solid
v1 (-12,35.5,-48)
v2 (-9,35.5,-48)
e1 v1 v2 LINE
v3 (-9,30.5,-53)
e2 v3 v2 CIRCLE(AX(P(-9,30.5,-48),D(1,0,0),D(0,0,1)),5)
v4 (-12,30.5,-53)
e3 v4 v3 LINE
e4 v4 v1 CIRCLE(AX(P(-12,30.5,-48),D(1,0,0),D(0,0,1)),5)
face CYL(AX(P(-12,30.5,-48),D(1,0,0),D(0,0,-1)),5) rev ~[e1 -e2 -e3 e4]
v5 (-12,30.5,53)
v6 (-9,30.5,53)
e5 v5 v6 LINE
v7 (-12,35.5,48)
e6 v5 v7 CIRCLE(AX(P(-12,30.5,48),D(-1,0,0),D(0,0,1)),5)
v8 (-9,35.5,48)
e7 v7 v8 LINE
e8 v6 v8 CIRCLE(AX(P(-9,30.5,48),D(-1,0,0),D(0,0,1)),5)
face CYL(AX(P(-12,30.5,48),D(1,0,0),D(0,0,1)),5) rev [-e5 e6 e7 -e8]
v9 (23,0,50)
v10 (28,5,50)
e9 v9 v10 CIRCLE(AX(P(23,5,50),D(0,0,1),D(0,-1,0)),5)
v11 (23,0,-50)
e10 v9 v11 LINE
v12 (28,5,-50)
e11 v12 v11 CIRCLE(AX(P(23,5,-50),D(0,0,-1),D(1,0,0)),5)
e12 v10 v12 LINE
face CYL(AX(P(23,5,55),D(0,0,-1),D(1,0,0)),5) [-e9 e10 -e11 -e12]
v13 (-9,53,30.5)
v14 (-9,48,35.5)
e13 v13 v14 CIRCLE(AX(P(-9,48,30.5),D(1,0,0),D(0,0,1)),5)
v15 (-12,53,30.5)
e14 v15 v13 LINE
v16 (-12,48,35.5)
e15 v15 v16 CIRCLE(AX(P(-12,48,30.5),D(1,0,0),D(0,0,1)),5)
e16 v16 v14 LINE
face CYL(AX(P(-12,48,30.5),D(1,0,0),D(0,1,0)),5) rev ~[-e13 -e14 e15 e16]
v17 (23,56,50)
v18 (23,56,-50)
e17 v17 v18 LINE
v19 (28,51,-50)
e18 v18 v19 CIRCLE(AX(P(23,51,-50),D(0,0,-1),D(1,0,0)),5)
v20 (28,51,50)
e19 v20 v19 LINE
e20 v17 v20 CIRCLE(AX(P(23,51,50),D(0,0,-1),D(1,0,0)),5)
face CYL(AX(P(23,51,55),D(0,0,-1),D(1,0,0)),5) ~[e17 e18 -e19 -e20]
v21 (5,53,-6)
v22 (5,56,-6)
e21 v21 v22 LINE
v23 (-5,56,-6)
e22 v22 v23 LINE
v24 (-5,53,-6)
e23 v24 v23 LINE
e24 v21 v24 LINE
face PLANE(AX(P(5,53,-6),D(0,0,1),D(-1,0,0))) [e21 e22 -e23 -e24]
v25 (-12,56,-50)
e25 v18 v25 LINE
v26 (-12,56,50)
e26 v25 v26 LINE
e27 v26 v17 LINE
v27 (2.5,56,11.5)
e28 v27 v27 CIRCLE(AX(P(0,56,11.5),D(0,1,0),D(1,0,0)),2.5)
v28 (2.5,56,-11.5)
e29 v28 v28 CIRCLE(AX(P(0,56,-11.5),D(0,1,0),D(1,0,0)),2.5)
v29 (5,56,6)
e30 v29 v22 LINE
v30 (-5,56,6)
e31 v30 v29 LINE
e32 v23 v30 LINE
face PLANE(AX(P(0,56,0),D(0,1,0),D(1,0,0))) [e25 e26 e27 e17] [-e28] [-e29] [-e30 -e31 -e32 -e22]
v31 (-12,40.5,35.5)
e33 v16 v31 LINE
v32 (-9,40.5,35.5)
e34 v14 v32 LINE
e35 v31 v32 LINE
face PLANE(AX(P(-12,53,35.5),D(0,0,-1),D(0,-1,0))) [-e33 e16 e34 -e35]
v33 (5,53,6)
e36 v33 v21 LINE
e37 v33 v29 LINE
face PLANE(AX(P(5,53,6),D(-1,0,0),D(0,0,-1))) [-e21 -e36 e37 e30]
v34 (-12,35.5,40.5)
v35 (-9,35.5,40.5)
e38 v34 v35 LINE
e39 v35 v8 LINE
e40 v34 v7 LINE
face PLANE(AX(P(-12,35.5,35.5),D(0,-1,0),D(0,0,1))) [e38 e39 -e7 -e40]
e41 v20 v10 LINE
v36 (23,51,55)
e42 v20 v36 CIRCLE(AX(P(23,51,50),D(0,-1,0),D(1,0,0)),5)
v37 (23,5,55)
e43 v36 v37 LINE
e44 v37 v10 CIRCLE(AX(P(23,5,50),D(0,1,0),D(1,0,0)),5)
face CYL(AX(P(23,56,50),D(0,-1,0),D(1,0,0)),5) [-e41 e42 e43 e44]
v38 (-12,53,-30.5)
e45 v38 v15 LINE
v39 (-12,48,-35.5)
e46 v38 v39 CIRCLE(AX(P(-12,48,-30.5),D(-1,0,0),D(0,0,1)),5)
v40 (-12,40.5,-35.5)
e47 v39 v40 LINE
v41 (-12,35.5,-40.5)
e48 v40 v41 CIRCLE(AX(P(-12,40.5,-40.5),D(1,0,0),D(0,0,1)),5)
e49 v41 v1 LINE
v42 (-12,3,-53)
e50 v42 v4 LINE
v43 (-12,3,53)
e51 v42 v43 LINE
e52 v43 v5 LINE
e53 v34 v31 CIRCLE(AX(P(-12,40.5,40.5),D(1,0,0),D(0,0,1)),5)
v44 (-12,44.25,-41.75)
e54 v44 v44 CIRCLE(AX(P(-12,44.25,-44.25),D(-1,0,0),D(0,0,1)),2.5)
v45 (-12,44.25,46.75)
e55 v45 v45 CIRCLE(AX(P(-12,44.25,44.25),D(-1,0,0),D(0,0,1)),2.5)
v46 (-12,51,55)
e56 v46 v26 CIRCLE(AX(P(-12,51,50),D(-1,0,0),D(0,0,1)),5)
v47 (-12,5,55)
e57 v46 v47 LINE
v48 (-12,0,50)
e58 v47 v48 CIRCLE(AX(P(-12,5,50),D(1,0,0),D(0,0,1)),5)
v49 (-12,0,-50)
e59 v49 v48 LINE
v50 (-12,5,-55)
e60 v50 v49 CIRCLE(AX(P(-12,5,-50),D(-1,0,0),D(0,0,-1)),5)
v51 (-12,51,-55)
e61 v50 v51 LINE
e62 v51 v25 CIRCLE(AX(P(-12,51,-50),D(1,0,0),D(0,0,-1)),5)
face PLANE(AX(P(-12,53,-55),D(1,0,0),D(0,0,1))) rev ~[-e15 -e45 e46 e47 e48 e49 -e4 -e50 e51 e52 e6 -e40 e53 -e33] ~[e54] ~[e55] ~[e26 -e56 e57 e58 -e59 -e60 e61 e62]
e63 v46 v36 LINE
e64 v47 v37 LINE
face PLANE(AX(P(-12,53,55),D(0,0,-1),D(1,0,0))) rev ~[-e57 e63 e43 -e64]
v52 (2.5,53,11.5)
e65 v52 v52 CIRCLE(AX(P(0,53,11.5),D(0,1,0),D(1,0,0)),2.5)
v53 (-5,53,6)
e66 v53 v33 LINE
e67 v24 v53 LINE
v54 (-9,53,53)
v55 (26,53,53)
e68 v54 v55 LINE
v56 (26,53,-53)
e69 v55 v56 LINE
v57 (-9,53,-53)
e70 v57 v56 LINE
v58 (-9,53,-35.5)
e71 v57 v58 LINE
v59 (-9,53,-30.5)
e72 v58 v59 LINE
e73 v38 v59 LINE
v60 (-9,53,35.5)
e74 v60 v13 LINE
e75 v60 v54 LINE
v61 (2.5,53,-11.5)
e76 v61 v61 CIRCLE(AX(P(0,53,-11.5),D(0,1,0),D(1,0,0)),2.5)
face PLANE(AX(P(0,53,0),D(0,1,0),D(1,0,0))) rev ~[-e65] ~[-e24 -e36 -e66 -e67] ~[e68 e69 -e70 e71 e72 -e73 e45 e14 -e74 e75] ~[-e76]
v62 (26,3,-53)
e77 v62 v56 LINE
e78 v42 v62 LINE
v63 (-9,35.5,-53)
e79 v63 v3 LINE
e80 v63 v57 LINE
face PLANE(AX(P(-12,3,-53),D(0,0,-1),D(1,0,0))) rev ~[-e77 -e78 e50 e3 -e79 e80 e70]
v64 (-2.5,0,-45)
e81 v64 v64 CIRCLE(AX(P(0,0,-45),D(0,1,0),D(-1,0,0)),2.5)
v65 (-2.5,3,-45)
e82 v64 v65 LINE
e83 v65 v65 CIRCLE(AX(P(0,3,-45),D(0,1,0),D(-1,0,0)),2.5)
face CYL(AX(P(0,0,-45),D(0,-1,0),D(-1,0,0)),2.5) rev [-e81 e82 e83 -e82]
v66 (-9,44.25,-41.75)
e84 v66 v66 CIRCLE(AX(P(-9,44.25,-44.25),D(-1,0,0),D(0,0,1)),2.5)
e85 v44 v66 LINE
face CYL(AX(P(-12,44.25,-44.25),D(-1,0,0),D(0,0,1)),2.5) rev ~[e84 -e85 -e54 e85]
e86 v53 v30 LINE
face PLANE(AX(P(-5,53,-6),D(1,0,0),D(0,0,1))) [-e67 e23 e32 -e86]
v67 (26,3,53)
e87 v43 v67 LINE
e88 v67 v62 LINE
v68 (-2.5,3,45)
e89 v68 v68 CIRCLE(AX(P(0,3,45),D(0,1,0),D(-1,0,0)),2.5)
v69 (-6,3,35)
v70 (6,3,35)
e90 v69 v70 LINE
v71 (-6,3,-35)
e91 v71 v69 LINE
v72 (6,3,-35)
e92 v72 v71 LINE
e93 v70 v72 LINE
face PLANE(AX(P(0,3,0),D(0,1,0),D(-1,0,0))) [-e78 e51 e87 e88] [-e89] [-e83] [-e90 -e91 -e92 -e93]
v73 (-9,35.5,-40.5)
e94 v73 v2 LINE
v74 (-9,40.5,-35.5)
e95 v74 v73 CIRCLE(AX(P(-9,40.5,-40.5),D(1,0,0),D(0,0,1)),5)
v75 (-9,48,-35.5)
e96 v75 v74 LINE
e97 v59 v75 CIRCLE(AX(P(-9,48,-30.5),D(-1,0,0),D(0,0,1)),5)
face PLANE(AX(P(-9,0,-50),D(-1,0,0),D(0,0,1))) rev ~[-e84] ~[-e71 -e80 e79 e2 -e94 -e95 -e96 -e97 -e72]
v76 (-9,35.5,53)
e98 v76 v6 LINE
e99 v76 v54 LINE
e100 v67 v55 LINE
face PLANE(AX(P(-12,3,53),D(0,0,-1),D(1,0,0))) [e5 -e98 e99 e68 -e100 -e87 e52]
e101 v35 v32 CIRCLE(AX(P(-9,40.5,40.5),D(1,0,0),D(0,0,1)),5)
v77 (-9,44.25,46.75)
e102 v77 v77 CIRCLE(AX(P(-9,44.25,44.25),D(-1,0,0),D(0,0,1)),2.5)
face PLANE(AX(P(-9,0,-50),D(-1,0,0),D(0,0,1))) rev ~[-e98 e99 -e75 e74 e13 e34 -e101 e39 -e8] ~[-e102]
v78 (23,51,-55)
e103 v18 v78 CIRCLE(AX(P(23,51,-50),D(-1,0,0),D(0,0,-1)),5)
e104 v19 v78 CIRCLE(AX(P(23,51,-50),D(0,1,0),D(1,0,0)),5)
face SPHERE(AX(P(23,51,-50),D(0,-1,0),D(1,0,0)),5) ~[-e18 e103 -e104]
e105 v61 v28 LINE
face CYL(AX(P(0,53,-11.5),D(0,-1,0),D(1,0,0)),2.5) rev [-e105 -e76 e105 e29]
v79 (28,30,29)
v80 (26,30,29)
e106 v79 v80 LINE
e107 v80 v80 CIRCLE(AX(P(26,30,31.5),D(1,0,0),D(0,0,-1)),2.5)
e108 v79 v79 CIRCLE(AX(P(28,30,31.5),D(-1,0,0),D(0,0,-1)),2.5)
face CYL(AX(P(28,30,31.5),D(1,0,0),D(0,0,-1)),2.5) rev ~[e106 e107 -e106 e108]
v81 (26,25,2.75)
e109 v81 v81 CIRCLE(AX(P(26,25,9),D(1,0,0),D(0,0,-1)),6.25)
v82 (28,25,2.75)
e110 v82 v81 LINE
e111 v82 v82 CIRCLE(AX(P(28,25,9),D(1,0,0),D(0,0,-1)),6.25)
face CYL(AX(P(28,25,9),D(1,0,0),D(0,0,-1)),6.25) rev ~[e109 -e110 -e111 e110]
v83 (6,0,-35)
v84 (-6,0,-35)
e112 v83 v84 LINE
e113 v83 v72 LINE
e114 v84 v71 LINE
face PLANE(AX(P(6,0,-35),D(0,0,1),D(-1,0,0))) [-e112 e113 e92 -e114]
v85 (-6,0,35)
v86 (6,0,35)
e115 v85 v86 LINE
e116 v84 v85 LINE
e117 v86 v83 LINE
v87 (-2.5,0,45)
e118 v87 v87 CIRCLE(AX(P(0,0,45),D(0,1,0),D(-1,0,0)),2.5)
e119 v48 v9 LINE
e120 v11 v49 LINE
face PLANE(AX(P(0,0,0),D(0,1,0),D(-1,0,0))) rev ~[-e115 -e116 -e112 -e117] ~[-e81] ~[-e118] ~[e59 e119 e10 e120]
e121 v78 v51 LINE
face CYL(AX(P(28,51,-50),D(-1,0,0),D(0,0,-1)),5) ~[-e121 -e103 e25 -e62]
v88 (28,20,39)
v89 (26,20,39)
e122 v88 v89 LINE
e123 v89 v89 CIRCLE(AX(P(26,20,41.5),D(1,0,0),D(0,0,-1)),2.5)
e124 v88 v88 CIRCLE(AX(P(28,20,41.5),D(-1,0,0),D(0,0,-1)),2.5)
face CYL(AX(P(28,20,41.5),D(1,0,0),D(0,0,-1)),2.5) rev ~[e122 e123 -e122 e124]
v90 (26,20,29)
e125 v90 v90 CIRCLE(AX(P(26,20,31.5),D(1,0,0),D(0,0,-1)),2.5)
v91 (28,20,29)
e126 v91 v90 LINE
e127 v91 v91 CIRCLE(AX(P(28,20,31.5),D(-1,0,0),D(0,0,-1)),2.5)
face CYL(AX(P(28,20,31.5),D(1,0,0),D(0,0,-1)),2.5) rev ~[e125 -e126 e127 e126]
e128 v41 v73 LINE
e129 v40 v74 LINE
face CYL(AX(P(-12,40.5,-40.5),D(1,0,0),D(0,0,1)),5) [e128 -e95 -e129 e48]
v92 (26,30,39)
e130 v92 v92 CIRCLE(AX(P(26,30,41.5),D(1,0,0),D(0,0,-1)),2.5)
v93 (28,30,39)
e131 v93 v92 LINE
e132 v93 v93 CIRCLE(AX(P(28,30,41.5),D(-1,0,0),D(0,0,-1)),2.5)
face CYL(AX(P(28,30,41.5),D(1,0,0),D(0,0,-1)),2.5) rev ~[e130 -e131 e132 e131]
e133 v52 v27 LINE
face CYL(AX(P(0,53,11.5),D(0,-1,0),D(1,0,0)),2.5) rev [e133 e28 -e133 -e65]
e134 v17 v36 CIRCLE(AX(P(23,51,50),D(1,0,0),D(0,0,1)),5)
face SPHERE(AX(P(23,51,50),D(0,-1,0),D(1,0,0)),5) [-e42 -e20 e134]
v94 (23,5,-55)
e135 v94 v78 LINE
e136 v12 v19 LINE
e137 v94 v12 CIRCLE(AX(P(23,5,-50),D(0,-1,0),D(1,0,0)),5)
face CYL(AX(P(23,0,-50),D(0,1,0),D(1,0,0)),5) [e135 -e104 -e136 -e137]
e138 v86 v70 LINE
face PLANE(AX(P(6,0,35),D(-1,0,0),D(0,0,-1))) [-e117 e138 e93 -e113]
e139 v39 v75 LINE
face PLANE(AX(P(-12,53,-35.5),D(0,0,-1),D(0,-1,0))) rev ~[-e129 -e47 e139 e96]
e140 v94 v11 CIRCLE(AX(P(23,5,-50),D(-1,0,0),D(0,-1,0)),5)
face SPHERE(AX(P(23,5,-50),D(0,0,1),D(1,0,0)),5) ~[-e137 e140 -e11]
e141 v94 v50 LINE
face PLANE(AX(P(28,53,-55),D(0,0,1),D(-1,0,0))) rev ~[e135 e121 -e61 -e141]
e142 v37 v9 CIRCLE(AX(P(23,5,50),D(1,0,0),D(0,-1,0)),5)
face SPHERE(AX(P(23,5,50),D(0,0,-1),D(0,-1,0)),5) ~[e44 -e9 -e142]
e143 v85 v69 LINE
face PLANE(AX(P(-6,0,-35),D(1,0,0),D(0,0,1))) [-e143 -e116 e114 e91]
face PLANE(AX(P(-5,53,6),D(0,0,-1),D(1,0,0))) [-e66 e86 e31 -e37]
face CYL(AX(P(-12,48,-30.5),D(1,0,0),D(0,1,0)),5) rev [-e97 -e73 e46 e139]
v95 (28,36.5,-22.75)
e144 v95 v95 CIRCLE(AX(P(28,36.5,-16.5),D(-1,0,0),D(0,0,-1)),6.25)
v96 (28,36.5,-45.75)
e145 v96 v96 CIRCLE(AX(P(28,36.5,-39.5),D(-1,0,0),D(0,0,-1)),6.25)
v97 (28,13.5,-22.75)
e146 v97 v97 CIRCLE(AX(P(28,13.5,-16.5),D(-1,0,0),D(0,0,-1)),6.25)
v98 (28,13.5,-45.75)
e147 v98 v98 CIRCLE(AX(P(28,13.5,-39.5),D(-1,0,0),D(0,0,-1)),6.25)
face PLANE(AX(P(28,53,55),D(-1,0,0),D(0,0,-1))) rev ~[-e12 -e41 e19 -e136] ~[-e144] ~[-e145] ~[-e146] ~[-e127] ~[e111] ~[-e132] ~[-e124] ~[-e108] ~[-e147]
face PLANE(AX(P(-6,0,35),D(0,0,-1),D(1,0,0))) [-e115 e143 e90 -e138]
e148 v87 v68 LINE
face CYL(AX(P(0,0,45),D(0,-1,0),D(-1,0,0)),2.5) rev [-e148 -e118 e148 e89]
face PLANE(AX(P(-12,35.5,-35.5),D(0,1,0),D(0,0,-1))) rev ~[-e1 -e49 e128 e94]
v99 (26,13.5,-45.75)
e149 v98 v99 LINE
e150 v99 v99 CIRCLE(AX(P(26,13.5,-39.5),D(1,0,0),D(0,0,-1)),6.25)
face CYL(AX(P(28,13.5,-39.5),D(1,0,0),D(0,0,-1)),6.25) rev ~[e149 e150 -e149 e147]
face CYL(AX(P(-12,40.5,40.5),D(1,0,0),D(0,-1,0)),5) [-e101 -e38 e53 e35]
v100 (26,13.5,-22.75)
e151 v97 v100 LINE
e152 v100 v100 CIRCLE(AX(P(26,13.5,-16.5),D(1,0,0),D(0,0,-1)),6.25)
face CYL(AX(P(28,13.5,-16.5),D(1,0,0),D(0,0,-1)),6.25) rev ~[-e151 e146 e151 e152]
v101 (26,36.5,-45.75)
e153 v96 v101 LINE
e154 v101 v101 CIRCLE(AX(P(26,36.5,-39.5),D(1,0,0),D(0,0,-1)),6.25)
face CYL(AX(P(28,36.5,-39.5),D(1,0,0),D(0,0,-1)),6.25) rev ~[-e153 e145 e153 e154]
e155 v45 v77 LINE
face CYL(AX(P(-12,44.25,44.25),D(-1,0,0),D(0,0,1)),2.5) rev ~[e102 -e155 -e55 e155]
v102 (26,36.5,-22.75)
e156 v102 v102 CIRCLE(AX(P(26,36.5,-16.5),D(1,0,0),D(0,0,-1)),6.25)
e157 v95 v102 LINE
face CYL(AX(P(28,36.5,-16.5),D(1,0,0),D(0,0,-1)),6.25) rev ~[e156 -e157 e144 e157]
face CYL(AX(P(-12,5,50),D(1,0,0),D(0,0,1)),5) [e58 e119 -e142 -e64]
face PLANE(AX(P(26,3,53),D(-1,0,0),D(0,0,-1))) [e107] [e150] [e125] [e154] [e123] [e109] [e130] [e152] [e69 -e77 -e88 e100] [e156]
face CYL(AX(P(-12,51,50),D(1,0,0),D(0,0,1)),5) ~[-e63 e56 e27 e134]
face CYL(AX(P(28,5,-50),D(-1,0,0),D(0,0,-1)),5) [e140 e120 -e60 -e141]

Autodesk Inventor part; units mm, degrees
ref_plane "YZ Plane" through (0, 0, 0) normal (1, 0, 0) x (0, 1, 0)
ref_plane "XZ Plane" through (0, 0, 0) normal (0, 1, 0) x (-1, 0, 0)
ref_plane "XY Plane" through (0, 0, 0) normal (0, 0, 1) x (1, 0, 0)
sketch "Sketch1" plane through (0, 0, 0) normal (0, 1, 0) x (-1, 0, 0)
  circle A0 centre (0, 45) radius 2.5
  circle A1 centre (0, -45) radius 2.5
  line L0 (12, 55) -> (-28, 55)
  line L1 (-28, 55) -> (-28, -55)
  line L2 (-28, -55) -> (12, -55)
  line L3 (12, -55) -> (12, 55)
  line L4 (-6, -35) -> (6, -35)
  line L5 (6, -35) -> (6, 35)
  line L6 (6, 35) -> (-6, 35)
  line L7 (-6, 35) -> (-6, -35)
  point P0 (0, 0)
  point P1 (0, -35)
  point P2 (0, 35)
  dimension "d0" = 5
  dimension "d1" = 5
  dimension "d2" = 90
  dimension "d3" = 45
  dimension "d4" = 40
  dimension "d6" = 110
  dimension "d7" = 55
  dimension "d36" = 70
  dimension "d37" = 12
  dimension "d38" = 35
  dimension "d39" = 0
  dimension "d40" = 28
  dimension "d42" = 0
  dimension "d52" = 0
extrude "Extrusion1" add sketch "Sketch1" along normal blind 3
sketch "Sketch2" plane through (0, 3, 0) normal (0, 1, 0) x (1, 0, 0)
  line L0 (-12, -55) -> (28, -55) projected
  line L1 (-12, 55) -> (-12, -55) projected
  line L2 (28, -55) -> (-12, -55)
  line L3 (-12, -55) -> (-12, -53)
  line L4 (-12, -53) -> (28, -53)
  line L5 (28, -53) -> (28, -55)
  line L6 (28, 55) -> (-12, 55) projected
  line L7 (28, -55) -> (26, -55)
  line L8 (26, -55) -> (26, 55)
  line L9 (26, 55) -> (28, 55)
  line L10 (28, 55) -> (28, -55)
  line L11 (28, 55) -> (-12, 55)
  line L12 (-12, 55) -> (-12, 53)
  line L13 (-12, 53) -> (28, 53)
  line L14 (28, 53) -> (28, 55)
  point P0 (0, 0)
  point P1 (-12, 53)
  point P2 (26, 53)
  point P3 (26, -53)
  dimension "d10" = 2
  dimension "d11" = 2
  dimension "d12" = 2
extrude "Extrusion2" add sketch "Sketch2" along normal blind 50 contours L1 L4 L8 L0 | L8 L4 L5 L0 | L8 L13 L10 L4 | L1 L6 L8 L13 | L8 L6 L10 L13
sketch "Sketch3" plane through (28, 0, 55) normal (1, 0, 0) x (0, 0, -1)
  line L0 (94.5, 13.5) -> (71.5, 13.5)
  line L1 (71.5, 13.5) -> (71.5, 36.5)
  line L2 (71.5, 36.5) -> (94.5, 36.5)
  line L3 (94.5, 36.5) -> (94.5, 13.5)
  line L4 (94.5, 13.5) -> (71.5, 36.5) construction
  line L5 (71.5, 13.5) -> (94.5, 36.5) construction
  circle A0 centre (94.5, 13.5) radius 6.25
  circle A1 centre (71.5, 13.5) radius 6.25
  circle A2 centre (94.5, 36.5) radius 6.25
  circle A3 centre (71.5, 36.5) radius 6.25
  line L6 (23.5, 20) -> (13.5, 20)
  line L7 (13.5, 20) -> (13.5, 30)
  line L8 (13.5, 30) -> (23.5, 30)
  line L9 (23.5, 30) -> (23.5, 20)
  line L10 (23.5, 20) -> (13.5, 30) construction
  line L11 (13.5, 20) -> (23.5, 30) construction
  circle A4 centre (23.5, 20) radius 2.5
  circle A5 centre (13.5, 20) radius 2.5
  circle A6 centre (13.5, 30) radius 2.5
  circle A7 centre (23.5, 30) radius 2.5
  circle A8 centre (46, 25) radius 6.25
  line L12 (0, 0) -> (110, 0) projected
  line L13 (110, 0) -> (110, 53) projected
  point P0 (55, 0)
  point P1 (83, 25)
  point P2 (18.5, 25)
  dimension "d15" = 23
  dimension "d16" = 23
  dimension "d17" = 12.5
  dimension "d18" = 12.5
  dimension "d19" = 12.5
  dimension "d20" = 12.5
  dimension "d21" = 10
  dimension "d22" = 10
  dimension "d23" = 5
  dimension "d24" = 5
  dimension "d25" = 5
  dimension "d26" = 5
  dimension "d27" = 12.5
  dimension "d28" = 25
  dimension "d29" = 25
  dimension "d30" = 25
  dimension "d31" = 27
  dimension "d32" = 37
  dimension "d33" = 27.5
extrude "Extrusion3" cut sketch "Sketch3" against normal through all contours A1 L1 L0 | L0 L1 A1 | A0 L3 L0 | L0 L3 A0 | A3 L2 L1 | L1 L2 A3 | A2 L2 L3 | L3 L2 A2 | A5 L7 L6 | L6 L7 A5 | A4 L9 L6 | L6 L9 A4 | A6 L8 L7 | L7 L8 A6 | A7 L8 L9 | L9 L8 A7 | A8
sketch "Sketch4" plane through (0, 53, 0) normal (0, 1, 0) x (1, 0, 0)
  line L0 (28, 55) -> (-12, 55) projected
  line L1 (28, 55) -> (-12, 55)
  line L2 (-12, 55) -> (-12, -55)
  line L3 (-12, -55) -> (28, -55)
  line L4 (28, -55) -> (28, 55)
  line L5 (5, 6) -> (-5, 6)
  line L6 (-5, 6) -> (-5, -6)
  line L7 (-5, -6) -> (5, -6)
  line L8 (5, -6) -> (5, 6)
  line L9 (5, 6) -> (-5, -6) construction
  line L10 (-5, 6) -> (5, -6) construction
  circle A0 centre (0, 11.5) radius 2.5
  circle A1 centre (0, -11.5) radius 2.5
  point P0 (0, 0)
  dimension "d43" = 10
  dimension "d44" = 12
  dimension "d45" = 5
  dimension "d46" = 5
  dimension "d47" = 23
  dimension "d48" = 11.5
extrude "Extrusion4" add sketch "Sketch4" along normal blind 3
fillet "Fillet1" radius 5 8 edges at (28, 0, 0) (28, 28, -55) (8, 0, -55) (8, 0, 55) (28, 28, 55) (28, 56, 0) (8, 56, -55) (8, 56, 55)
sketch "Sketch5" plane through (-12, 0, -50) normal (-1, 0, 0) x (0, 0, 1)
  line L0 (-3, 53) -> (103, 53) projected
  line L1 (103, 53) -> (85.5, 53)
  line L2 (85.5, 53) -> (85.5, 35.5)
  line L3 (85.5, 35.5) -> (103, 35.5)
  line L4 (103, 35.5) -> (103, 53)
  line L5 (-3, 53) -> (14.5, 53)
  line L6 (14.5, 53) -> (14.5, 35.5)
  line L7 (14.5, 35.5) -> (-3, 35.5)
  line L8 (-3, 35.5) -> (-3, 53)
  circle A0 centre (94.25, 44.25) radius 2.5
  circle A1 centre (5.75, 44.25) radius 2.5
  point P0 (50, 0)
  point P1 (14.5, 53)
  dimension "d54" = 17.5
  dimension "d55" = 17.5
  dimension "d56" = 17.5
  dimension "d57" = 17.5
  dimension "d58" = 5
  dimension "d59" = 5
  dimension "d60" = 8.75
  dimension "d61" = 8.75
  dimension "d62" = 8.75
  dimension "d63" = 8.75
extrude "Extrusion5" add sketch "Sketch5" against normal blind 3
fillet "Fillet2" radius 5 6 edges at (-10.5, 35.5, 53) (-10.5, 35.5, 35.5) (-10.5, 53, 35.5) (-10.5, 53, -35.5) (-10.5, 35.5, -35.5) (-10.5, 35.5, -53)
properties part number "electro_hold"
